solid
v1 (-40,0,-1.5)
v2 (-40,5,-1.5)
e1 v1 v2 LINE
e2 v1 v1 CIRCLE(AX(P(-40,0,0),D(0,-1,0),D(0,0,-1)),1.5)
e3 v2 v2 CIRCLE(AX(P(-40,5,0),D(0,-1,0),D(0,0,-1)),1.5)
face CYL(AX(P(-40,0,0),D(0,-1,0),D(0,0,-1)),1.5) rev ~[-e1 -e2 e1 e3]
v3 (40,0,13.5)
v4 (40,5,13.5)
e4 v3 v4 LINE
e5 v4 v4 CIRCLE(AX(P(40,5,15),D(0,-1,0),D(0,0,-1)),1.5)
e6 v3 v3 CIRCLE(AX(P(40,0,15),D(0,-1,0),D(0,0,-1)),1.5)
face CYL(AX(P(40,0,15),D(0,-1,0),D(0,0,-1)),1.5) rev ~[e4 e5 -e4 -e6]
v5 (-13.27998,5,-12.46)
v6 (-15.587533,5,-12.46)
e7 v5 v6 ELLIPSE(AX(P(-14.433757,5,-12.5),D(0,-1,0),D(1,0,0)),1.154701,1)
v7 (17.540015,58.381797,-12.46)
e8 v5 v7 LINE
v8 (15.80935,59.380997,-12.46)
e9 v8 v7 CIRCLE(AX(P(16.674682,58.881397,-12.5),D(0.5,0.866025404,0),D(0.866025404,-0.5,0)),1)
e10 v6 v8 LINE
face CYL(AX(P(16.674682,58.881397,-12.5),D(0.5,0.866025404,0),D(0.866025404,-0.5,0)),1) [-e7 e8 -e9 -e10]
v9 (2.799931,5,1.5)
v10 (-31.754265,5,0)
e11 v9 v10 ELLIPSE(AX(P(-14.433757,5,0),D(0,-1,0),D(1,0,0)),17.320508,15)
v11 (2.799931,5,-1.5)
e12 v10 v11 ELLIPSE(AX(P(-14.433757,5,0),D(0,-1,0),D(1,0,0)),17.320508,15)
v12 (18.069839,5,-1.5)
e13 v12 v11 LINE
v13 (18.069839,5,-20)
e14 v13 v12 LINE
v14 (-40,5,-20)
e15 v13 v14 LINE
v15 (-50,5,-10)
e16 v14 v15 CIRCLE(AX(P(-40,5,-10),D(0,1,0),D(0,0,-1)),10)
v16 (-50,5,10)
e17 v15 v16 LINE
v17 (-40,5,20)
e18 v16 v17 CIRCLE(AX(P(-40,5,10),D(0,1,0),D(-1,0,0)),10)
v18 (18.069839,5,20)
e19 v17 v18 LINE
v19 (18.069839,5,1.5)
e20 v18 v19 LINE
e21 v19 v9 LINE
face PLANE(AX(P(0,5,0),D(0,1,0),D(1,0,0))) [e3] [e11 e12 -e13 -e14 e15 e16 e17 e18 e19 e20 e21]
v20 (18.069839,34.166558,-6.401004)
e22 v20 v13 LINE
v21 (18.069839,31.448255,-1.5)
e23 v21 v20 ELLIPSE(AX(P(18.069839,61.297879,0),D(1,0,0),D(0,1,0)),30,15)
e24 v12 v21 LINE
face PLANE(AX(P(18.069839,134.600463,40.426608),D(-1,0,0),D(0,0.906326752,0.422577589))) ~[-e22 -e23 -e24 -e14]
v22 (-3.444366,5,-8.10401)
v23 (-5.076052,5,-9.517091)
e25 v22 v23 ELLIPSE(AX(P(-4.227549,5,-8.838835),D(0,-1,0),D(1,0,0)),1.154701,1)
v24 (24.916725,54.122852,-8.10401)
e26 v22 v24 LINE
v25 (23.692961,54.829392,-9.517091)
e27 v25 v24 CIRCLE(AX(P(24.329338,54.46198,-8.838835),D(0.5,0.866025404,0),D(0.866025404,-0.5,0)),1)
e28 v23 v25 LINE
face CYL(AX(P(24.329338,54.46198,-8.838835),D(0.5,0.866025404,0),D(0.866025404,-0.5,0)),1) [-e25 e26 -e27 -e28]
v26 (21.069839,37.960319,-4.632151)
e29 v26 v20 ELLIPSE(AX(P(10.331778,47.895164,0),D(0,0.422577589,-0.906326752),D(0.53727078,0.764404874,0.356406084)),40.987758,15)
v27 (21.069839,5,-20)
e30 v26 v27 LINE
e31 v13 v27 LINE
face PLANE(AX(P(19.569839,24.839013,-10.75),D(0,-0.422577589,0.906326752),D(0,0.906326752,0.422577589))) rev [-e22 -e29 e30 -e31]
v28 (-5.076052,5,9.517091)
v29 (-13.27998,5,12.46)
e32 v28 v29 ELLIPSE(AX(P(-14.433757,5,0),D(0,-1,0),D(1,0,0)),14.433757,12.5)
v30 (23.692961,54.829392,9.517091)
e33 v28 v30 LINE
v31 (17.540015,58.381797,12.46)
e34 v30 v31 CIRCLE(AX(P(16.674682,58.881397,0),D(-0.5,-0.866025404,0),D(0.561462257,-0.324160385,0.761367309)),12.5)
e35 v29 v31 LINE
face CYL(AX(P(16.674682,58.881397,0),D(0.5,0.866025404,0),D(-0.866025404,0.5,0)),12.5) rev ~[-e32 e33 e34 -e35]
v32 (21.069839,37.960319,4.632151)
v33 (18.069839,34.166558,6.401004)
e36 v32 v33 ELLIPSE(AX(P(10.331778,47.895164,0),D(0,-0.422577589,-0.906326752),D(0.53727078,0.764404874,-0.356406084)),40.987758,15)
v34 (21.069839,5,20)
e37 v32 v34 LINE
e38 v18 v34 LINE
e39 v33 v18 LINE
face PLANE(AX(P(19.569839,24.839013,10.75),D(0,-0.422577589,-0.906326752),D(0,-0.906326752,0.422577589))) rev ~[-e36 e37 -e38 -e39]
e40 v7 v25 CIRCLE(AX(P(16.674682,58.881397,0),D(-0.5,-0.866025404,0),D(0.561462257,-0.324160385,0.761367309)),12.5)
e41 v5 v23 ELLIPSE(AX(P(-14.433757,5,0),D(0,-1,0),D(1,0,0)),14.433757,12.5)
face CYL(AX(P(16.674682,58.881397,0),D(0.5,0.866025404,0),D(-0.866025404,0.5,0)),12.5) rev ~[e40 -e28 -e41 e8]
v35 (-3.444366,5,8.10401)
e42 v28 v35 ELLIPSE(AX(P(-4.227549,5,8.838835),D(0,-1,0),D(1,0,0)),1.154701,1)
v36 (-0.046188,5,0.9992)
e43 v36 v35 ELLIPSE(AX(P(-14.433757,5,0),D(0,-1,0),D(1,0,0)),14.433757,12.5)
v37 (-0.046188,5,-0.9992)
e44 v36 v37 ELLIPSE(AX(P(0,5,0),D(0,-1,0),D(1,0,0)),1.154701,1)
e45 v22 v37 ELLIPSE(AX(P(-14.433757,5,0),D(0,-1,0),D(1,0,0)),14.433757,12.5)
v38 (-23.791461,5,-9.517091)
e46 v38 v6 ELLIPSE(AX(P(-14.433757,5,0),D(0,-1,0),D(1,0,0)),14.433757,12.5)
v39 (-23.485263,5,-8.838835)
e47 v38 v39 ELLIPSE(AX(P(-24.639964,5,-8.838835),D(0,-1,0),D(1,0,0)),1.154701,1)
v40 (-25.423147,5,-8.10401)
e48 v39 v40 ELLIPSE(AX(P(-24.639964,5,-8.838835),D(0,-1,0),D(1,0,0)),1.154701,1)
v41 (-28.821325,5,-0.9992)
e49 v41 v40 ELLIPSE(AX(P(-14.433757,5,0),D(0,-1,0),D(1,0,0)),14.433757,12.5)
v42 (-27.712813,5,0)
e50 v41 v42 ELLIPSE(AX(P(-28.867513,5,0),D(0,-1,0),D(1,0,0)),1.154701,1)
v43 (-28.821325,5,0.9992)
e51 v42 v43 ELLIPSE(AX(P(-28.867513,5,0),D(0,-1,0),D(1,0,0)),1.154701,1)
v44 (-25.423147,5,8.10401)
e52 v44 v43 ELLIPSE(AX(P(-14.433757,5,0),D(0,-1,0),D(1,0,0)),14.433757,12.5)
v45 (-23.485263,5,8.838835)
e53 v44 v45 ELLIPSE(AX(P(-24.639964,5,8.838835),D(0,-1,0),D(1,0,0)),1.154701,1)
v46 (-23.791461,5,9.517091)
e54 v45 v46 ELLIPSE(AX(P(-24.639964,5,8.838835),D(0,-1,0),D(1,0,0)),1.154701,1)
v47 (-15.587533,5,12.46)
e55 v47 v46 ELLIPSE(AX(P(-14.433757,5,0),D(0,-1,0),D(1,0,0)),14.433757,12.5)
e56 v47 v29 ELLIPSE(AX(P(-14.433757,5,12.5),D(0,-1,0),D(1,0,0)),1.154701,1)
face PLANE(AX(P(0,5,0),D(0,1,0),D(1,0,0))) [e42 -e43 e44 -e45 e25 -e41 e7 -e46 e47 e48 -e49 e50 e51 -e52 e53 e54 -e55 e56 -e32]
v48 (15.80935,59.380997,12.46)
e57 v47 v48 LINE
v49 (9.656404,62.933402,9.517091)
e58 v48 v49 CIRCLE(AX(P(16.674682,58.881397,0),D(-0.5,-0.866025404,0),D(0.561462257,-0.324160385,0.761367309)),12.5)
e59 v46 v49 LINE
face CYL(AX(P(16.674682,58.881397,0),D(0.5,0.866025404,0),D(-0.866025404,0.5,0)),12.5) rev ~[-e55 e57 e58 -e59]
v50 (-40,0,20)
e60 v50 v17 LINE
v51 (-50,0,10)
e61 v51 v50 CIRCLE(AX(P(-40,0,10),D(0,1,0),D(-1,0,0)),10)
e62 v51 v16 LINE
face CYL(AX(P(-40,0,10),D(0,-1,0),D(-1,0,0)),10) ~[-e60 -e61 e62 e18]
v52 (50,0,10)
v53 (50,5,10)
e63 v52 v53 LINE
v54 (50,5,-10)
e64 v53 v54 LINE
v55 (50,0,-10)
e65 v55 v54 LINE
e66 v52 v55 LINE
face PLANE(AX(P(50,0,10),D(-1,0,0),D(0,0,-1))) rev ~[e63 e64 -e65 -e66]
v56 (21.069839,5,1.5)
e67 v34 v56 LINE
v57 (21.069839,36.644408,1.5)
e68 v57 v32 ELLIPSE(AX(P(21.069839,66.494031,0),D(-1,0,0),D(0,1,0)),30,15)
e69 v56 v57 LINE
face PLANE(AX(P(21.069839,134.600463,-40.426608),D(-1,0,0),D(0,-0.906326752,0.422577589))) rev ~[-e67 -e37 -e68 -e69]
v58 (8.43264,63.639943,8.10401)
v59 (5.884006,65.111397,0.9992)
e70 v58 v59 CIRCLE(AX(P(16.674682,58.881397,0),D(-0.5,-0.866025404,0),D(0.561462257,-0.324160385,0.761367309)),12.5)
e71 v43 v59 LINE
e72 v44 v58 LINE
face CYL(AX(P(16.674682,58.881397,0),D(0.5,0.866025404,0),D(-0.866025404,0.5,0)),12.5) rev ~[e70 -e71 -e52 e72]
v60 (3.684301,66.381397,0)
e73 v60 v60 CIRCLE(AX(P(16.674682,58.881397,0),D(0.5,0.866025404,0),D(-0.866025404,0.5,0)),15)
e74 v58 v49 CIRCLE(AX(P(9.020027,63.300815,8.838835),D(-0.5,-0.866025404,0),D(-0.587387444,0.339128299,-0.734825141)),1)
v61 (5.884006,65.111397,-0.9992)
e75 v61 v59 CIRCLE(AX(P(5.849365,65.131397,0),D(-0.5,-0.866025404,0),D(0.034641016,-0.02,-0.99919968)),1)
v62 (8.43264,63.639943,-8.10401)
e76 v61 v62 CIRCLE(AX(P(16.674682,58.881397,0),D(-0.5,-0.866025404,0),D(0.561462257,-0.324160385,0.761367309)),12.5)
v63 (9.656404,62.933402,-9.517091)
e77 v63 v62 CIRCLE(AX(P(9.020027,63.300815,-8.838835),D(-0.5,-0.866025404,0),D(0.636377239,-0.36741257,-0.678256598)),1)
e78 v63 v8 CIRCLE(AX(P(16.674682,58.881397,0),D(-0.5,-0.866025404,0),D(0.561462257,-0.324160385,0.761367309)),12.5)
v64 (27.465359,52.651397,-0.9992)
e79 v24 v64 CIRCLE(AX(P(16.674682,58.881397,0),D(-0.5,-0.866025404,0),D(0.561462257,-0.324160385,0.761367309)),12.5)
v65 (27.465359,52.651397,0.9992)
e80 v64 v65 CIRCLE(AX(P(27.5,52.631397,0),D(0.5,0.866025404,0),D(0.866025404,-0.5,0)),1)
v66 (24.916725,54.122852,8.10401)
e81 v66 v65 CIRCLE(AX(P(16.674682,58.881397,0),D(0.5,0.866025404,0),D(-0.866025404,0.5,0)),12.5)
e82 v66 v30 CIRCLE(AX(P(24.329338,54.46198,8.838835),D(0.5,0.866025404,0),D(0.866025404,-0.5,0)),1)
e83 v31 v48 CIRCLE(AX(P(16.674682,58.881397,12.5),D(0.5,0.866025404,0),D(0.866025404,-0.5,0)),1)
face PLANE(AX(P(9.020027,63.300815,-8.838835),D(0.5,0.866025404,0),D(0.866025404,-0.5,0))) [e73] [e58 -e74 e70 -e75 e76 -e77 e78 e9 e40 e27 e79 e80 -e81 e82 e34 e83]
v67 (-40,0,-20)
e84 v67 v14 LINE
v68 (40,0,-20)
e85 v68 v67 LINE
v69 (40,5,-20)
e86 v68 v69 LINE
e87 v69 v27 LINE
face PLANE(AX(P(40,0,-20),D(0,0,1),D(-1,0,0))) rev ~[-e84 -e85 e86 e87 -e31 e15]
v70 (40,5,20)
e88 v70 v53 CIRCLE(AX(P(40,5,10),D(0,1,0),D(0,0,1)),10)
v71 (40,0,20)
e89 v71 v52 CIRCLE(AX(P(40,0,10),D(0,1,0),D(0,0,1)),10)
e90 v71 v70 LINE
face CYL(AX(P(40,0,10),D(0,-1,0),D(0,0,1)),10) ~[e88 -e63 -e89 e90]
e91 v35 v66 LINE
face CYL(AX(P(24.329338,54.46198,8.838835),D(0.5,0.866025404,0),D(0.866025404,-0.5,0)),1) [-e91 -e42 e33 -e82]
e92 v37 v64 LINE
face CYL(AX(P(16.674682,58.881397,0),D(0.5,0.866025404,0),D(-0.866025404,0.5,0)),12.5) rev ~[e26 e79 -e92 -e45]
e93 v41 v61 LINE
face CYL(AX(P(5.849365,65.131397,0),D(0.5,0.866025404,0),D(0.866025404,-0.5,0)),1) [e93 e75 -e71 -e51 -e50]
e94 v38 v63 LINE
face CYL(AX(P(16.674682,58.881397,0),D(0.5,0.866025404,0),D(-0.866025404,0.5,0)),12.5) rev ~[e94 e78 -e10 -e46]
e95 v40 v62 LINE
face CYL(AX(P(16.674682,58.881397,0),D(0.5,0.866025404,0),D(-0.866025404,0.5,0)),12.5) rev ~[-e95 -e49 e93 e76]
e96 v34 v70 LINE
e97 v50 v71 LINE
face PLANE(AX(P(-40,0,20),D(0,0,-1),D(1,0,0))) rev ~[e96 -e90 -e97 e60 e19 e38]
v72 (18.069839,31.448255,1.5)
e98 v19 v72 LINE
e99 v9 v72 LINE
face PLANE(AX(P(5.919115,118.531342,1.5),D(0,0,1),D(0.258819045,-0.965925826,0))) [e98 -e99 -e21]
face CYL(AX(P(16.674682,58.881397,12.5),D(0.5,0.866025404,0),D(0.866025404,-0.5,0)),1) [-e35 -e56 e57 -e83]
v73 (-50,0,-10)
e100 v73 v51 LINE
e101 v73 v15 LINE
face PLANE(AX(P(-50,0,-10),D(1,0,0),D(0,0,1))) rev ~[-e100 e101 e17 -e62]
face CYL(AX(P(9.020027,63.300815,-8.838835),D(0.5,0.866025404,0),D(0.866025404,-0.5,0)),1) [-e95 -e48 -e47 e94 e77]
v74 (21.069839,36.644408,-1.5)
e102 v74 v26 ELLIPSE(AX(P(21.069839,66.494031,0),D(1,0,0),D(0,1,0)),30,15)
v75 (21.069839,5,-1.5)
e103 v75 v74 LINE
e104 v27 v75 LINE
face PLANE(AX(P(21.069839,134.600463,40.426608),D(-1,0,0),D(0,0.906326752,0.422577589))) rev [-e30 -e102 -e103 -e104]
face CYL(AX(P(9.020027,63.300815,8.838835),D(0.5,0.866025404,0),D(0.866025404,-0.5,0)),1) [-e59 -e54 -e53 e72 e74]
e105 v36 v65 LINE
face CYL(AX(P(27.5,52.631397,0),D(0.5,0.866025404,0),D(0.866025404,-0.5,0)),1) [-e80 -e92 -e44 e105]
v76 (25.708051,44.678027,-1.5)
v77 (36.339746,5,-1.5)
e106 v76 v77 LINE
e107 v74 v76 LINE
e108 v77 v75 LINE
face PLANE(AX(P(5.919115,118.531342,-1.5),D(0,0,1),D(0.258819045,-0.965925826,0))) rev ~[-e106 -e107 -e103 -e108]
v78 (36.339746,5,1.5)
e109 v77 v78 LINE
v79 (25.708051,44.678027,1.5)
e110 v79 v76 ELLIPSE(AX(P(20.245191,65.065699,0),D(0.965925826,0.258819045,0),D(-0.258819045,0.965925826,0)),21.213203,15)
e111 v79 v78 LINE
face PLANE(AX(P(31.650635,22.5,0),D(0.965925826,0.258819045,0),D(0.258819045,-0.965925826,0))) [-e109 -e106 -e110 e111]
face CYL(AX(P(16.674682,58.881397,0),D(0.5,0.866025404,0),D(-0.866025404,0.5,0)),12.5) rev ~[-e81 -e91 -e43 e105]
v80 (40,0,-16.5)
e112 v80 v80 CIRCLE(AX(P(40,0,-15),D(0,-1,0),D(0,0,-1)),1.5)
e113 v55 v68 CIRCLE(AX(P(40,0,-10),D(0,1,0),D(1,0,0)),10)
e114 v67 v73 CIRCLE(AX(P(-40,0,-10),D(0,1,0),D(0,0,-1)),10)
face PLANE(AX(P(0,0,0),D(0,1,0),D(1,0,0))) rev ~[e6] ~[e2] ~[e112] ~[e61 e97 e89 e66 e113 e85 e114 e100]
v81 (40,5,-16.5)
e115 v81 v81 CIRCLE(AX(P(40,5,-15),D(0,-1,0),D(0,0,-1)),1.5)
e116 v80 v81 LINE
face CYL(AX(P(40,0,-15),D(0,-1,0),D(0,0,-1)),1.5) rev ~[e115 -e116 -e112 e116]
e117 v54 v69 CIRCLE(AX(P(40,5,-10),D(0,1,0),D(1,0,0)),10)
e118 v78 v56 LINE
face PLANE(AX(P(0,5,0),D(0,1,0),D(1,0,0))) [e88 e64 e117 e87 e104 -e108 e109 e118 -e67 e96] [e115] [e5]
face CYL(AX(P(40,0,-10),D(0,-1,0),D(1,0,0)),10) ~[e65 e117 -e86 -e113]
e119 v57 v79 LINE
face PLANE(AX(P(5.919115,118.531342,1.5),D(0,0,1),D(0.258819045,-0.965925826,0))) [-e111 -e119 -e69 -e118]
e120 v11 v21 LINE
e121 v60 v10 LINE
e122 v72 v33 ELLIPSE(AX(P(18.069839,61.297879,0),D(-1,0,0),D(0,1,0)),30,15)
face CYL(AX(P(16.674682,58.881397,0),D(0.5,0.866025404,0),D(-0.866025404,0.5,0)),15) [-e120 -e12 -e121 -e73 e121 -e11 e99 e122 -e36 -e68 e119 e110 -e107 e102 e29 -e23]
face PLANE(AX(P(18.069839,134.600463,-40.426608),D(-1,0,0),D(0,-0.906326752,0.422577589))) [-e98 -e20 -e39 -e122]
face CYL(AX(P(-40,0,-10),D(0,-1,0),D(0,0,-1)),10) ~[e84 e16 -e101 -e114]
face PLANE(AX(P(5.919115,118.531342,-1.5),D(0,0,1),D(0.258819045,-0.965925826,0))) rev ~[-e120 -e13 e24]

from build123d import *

# Parameters (mm, degrees)
BOSS_EXTRUDE1_DEPTH = 5
BOSS_EXTRUDE2_REACH = 98.884
SKETCH2_R           = 15
SKETCH2_R_2         = 12.5
BOSS_EXTRUDE3_REACH = 98.884
SKETCH3_R           = 1
RIB1_REACH          = 87.478
SKETCH4_WALL_W      = 198.83792102
SKETCH4_WALL_H      = 3
RIB2_REACH          = 100.216
SKETCH5_WALL_W      = 242.211652072
SKETCH5_WALL_H      = 3
SKETCH6_R           = 1.5
CUT_EXTRUDE1_DEPTH  = 5


with BuildPart() as part:
    # Sketch1 → Boss-Extrude1 (new body)
    with BuildSketch(Plane(origin=(0, 0, 0), x_dir=(1, 0, 0), z_dir=(0, 1, 0))):
        with BuildLine():
            Line((40, 20), (-40, 20))
            ThreePointArc((-40, 20), (-47.071067812, 17.071067812), (-50, 10))
            Line((-50, 10), (-50, -10))
            ThreePointArc((-50, -10), (-47.071067812, -17.071067812), (-40, -20))
            Line((-40, -20), (40, -20))
            ThreePointArc((40, -20), (47.071067812, -17.071067812), (50, -10))
            Line((50, -10), (50, 10))
            ThreePointArc((50, 10), (47.071067812, 17.071067812), (40, 20))
        make_face()
    extrude(amount=BOSS_EXTRUDE1_DEPTH)

    # Boss-Extrude2: up to this plane
    boss_extrude2_end = Plane(origin=(40, 5, 10), z_dir=(0, -1, 0))
    # Sketch2 → Boss-Extrude2 (add, up to the surface)
    with BuildSketch(Plane(origin=(29.665063509, 51.381397208, 0), x_dir=(0, 0, -1), z_dir=(0.500000000000001, 0.866025403784438, 0)), mode=Mode.PRIVATE) as boss_extrude2_sk1:
        with Locations(Location((0, 15, 0), (0, 0, 90))):
            Circle(SKETCH2_R)
        with Locations(Location((0, 15, 0), (0, 0, 90))):
            Circle(SKETCH2_R_2, mode=Mode.SUBTRACT)
    boss_extrude2_tool1 = split(extrude(boss_extrude2_sk1.sketch, amount=-BOSS_EXTRUDE2_REACH, mode=Mode.PRIVATE), bisect_by=boss_extrude2_end, keep=Keep.BOTH, mode=Mode.PRIVATE)
    add(boss_extrude2_tool1.solids().sort_by_distance((29.29764, 51.593529, 0))[0])

    # Boss-Extrude3: up to this plane
    boss_extrude3_end = Plane(origin=(40, 5, 10), z_dir=(0, -1, 0))
    # Sketch3 → Boss-Extrude3 (add, up to the surface)
    with BuildSketch(Plane(origin=(29.665063509, 51.381397208, 0), x_dir=(0.8660254037844382, -0.500000000000001, 0), z_dir=(0.500000000000001, 0.8660254037844382, 0)), mode=Mode.PRIVATE) as boss_extrude3_sk1:
        with Locations((-2.5, 0)):
            Circle(SKETCH3_R)
    boss_extrude3_tool1 = split(extrude(boss_extrude3_sk1.sketch, amount=-BOSS_EXTRUDE3_REACH, mode=Mode.PRIVATE), bisect_by=boss_extrude3_end, keep=Keep.BOTH, mode=Mode.PRIVATE)
    add(boss_extrude3_tool1.solids().sort_by_distance((27.5, 52.631397, 0))[0])
    # Sketch3 → Boss-Extrude3 (add, up to the surface)
    with BuildSketch(Plane(origin=(29.665063509, 51.381397208, 0), x_dir=(0.8660254037844382, -0.500000000000001, 0), z_dir=(0.500000000000001, 0.8660254037844382, 0)), mode=Mode.PRIVATE) as boss_extrude3_sk2:
        with Locations((-6.161165235, -8.838834765)):
            Circle(SKETCH3_R)
    boss_extrude3_tool2 = split(extrude(boss_extrude3_sk2.sketch, amount=-BOSS_EXTRUDE3_REACH, mode=Mode.PRIVATE), bisect_by=boss_extrude3_end, keep=Keep.BOTH, mode=Mode.PRIVATE)
    add(boss_extrude3_tool2.solids().sort_by_distance((24.329338, 54.46198, 8.838835))[0])
    # Sketch3 → Boss-Extrude3 (add, up to the surface)
    with BuildSketch(Plane(origin=(29.665063509, 51.381397208, 0), x_dir=(0.8660254037844382, -0.500000000000001, 0), z_dir=(0.500000000000001, 0.8660254037844382, 0)), mode=Mode.PRIVATE) as boss_extrude3_sk3:
        with Locations((-15, -12.5)):
            Circle(SKETCH3_R)
    boss_extrude3_tool3 = split(extrude(boss_extrude3_sk3.sketch, amount=-BOSS_EXTRUDE3_REACH, mode=Mode.PRIVATE), bisect_by=boss_extrude3_end, keep=Keep.BOTH, mode=Mode.PRIVATE)
    add(boss_extrude3_tool3.solids().sort_by_distance((16.674682, 58.881397, 12.5))[0])
    # Sketch3 → Boss-Extrude3 (add, up to the surface)
    with BuildSketch(Plane(origin=(29.665063509, 51.381397208, 0), x_dir=(0.8660254037844382, -0.500000000000001, 0), z_dir=(0.500000000000001, 0.8660254037844382, 0)), mode=Mode.PRIVATE) as boss_extrude3_sk4:
        with Locations((-23.838834765, -8.838834765)):
            Circle(SKETCH3_R)
    boss_extrude3_tool4 = split(extrude(boss_extrude3_sk4.sketch, amount=-BOSS_EXTRUDE3_REACH, mode=Mode.PRIVATE), bisect_by=boss_extrude3_end, keep=Keep.BOTH, mode=Mode.PRIVATE)
    add(boss_extrude3_tool4.solids().sort_by_distance((9.020027, 63.300815, 8.838835))[0])
    # Sketch3 → Boss-Extrude3 (add, up to the surface)
    with BuildSketch(Plane(origin=(29.665063509, 51.381397208, 0), x_dir=(0.8660254037844382, -0.500000000000001, 0), z_dir=(0.500000000000001, 0.8660254037844382, 0)), mode=Mode.PRIVATE) as boss_extrude3_sk5:
        with Locations((-27.5, 0)):
            Circle(SKETCH3_R)
    boss_extrude3_tool5 = split(extrude(boss_extrude3_sk5.sketch, amount=-BOSS_EXTRUDE3_REACH, mode=Mode.PRIVATE), bisect_by=boss_extrude3_end, keep=Keep.BOTH, mode=Mode.PRIVATE)
    add(boss_extrude3_tool5.solids().sort_by_distance((5.849365, 65.131397, 0))[0])
    # Sketch3 → Boss-Extrude3 (add, up to the surface)
    with BuildSketch(Plane(origin=(29.665063509, 51.381397208, 0), x_dir=(0.8660254037844382, -0.500000000000001, 0), z_dir=(0.500000000000001, 0.8660254037844382, 0)), mode=Mode.PRIVATE) as boss_extrude3_sk6:
        with Locations((-23.838834765, 8.838834765)):
            Circle(SKETCH3_R)
    boss_extrude3_tool6 = split(extrude(boss_extrude3_sk6.sketch, amount=-BOSS_EXTRUDE3_REACH, mode=Mode.PRIVATE), bisect_by=boss_extrude3_end, keep=Keep.BOTH, mode=Mode.PRIVATE)
    add(boss_extrude3_tool6.solids().sort_by_distance((9.020027, 63.300815, -8.838835))[0])
    # Sketch3 → Boss-Extrude3 (add, up to the surface)
    with BuildSketch(Plane(origin=(29.665063509, 51.381397208, 0), x_dir=(0.8660254037844382, -0.500000000000001, 0), z_dir=(0.500000000000001, 0.8660254037844382, 0)), mode=Mode.PRIVATE) as boss_extrude3_sk7:
        with Locations((-15, 12.5)):
            Circle(SKETCH3_R)
    boss_extrude3_tool7 = split(extrude(boss_extrude3_sk7.sketch, amount=-BOSS_EXTRUDE3_REACH, mode=Mode.PRIVATE), bisect_by=boss_extrude3_end, keep=Keep.BOTH, mode=Mode.PRIVATE)
    add(boss_extrude3_tool7.solids().sort_by_distance((16.674682, 58.881397, -12.5))[0])
    # Sketch3 → Boss-Extrude3 (add, up to the surface)
    with BuildSketch(Plane(origin=(29.665063509, 51.381397208, 0), x_dir=(0.8660254037844382, -0.500000000000001, 0), z_dir=(0.500000000000001, 0.8660254037844382, 0)), mode=Mode.PRIVATE) as boss_extrude3_sk8:
        with Locations((-6.161165235, 8.838834765)):
            Circle(SKETCH3_R)
    boss_extrude3_tool8 = split(extrude(boss_extrude3_sk8.sketch, amount=-BOSS_EXTRUDE3_REACH, mode=Mode.PRIVATE), bisect_by=boss_extrude3_end, keep=Keep.BOTH, mode=Mode.PRIVATE)
    add(boss_extrude3_tool8.solids().sort_by_distance((24.329338, 54.46198, -8.838835))[0])

    # Sketch4 wall → Rib1 (add, up to next)
    with BuildSketch(Plane(origin=(31.650635095, 22.5, 0), x_dir=(0.258819045111, -0.965925826287, 0), z_dir=(0.965925826287, 0.258819045111, 0)), mode=Mode.PRIVATE) as rib1_sk1:
        Rectangle(SKETCH4_WALL_W, SKETCH4_WALL_H)
    rib1_tool1 = extrude(rib1_sk1.sketch, amount=-RIB1_REACH, mode=Mode.PRIVATE) - part.part
    add(rib1_tool1.solids().sort_by_distance((31.650635095, 22.5, 0))[0])

    # Sketch5 wall → Rib2 (add, up to next)
    with BuildSketch(Plane(origin=(19.569838586, 24.839013436, 10.75), x_dir=(0, -0.906326752135, 0.422577588573), z_dir=(0, -0.422577588573, -0.906326752135)), mode=Mode.PRIVATE) as rib2_sk1:
        Rectangle(SKETCH5_WALL_W, SKETCH5_WALL_H)
    rib2_tool1 = extrude(rib2_sk1.sketch, amount=RIB2_REACH, mode=Mode.PRIVATE) - part.part
    rib2 = rib2_tool1.solids().sort_by_distance((19.569838586, 24.839013436, 10.75))[0]
    add(rib2)

    # Mirror2: Rib2 across plane
    add(rib2.mirror(Plane.XY))

    # Sketch6 → Cut-Extrude1 (cut)
    with BuildSketch(Plane(origin=(0, 0, 0), x_dir=(-1, 0, 0), z_dir=(0, -1, 0))):
        with Locations(Location((-40, 15, 0), (0, 0, 90))):
            Circle(SKETCH6_R)
        with Locations(Location((-40, -15, 0), (0, 0, 90))):
            Circle(SKETCH6_R)
        with Locations(Location((40, 0, 0), (0, 0, 90))):
            Circle(SKETCH6_R)
    extrude(amount=-CUT_EXTRUDE1_DEPTH, mode=Mode.SUBTRACT)


solid = part.part
